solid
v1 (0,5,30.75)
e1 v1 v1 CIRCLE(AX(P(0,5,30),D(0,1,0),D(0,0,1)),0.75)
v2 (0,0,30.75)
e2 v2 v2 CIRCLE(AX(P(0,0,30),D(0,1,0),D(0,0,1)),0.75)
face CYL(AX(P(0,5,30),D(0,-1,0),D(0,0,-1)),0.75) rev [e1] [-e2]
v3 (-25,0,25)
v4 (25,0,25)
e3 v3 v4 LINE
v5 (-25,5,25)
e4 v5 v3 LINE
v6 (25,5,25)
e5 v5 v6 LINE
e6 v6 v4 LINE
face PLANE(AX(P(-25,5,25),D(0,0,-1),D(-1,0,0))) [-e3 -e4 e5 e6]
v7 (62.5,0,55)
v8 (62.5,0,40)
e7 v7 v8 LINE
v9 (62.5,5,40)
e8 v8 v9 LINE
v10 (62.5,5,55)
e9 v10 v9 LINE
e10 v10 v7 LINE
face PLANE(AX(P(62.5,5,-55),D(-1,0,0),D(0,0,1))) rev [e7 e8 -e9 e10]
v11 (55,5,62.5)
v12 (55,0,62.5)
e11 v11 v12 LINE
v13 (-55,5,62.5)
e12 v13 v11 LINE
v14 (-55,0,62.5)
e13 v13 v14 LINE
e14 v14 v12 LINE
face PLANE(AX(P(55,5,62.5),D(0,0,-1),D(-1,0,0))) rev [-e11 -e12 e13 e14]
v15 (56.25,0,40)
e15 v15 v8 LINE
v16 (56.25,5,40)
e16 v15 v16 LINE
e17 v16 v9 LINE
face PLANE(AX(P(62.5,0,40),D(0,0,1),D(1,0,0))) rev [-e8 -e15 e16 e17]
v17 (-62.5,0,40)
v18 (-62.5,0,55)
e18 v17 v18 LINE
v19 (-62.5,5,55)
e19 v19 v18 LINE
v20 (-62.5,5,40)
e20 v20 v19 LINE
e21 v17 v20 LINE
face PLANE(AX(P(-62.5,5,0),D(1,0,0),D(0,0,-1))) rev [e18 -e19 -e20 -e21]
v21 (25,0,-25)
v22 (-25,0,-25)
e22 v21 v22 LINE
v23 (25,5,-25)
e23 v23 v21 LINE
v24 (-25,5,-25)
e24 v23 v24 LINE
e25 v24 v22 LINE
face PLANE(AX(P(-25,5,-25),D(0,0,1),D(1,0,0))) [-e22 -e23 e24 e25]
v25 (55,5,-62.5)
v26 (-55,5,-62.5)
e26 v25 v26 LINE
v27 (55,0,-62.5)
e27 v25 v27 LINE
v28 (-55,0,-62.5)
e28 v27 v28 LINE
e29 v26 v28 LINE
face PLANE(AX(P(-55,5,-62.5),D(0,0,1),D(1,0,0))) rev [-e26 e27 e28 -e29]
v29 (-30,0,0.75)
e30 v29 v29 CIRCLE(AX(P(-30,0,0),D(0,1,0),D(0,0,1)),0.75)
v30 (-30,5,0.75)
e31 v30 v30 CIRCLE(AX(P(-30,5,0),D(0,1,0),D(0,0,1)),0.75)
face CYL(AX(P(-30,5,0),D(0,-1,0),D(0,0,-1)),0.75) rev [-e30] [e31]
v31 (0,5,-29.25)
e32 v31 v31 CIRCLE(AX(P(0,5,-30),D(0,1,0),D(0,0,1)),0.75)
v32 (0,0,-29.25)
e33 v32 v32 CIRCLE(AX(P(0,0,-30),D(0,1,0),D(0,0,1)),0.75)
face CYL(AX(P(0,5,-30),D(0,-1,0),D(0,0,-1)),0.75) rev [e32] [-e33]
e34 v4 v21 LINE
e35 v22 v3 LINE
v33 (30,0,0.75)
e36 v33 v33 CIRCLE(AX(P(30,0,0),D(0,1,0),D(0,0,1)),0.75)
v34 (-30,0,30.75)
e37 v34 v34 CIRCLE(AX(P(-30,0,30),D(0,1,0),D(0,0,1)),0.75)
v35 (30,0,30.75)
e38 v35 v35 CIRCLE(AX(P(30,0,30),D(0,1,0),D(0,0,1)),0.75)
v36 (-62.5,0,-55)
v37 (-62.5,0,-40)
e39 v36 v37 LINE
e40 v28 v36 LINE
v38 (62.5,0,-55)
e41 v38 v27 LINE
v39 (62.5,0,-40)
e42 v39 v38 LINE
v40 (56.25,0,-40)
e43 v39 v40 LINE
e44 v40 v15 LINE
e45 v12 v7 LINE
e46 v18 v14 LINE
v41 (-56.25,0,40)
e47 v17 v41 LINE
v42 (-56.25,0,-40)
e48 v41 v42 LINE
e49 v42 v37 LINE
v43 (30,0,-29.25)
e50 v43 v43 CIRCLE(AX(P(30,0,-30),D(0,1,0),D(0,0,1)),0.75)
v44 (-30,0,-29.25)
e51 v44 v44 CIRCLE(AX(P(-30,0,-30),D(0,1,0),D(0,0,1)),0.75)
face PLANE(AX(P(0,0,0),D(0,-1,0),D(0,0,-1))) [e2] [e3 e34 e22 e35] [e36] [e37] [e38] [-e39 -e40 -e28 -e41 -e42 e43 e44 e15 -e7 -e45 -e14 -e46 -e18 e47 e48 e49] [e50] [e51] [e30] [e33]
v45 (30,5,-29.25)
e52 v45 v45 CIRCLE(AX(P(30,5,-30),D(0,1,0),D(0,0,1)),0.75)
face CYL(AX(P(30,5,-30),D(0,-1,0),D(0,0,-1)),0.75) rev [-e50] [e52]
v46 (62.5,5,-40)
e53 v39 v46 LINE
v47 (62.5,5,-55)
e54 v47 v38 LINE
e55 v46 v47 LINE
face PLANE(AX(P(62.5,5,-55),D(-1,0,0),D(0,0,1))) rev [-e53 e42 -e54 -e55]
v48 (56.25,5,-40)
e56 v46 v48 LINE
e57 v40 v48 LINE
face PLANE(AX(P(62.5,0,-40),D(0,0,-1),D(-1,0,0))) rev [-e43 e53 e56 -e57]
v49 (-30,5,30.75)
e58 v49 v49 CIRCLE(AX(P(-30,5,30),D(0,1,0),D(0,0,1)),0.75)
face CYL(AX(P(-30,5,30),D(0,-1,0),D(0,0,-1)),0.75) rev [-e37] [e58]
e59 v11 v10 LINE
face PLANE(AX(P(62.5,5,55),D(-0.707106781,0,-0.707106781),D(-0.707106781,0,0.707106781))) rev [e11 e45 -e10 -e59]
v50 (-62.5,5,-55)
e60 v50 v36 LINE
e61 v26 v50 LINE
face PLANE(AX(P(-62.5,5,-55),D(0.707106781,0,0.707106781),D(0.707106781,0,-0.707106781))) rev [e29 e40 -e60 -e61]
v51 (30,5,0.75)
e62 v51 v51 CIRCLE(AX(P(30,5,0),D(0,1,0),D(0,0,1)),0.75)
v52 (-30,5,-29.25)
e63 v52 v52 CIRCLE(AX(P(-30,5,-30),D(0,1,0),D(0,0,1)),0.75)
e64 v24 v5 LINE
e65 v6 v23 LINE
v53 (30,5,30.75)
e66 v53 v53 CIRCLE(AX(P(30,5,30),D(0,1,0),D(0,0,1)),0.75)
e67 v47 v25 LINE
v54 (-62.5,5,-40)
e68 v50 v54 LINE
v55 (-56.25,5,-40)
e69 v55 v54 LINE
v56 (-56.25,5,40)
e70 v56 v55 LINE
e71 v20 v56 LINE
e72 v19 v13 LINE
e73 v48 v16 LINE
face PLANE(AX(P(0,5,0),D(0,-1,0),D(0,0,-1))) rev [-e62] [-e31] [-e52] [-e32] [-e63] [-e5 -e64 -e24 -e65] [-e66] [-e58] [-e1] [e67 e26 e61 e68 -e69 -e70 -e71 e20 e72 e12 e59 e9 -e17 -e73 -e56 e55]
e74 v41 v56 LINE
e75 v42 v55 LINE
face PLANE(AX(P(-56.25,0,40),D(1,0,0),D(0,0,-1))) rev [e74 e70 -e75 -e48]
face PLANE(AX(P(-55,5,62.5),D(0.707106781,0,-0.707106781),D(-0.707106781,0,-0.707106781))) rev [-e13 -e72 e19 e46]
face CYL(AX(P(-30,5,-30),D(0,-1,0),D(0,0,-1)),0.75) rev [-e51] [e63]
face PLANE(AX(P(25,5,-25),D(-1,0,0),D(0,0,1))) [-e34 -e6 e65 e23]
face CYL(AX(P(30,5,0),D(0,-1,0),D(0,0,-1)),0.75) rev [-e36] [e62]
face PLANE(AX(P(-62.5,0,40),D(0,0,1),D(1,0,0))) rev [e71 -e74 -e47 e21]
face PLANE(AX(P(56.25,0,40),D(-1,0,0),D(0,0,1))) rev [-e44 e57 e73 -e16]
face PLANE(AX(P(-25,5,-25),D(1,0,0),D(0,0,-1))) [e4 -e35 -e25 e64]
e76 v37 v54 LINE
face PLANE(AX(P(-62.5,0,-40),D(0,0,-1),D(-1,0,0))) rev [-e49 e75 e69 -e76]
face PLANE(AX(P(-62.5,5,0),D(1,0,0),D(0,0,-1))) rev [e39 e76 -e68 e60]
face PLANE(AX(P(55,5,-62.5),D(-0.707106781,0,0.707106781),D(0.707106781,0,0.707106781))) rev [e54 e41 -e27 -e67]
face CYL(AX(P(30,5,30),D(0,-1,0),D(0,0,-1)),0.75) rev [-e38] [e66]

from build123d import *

# Parameters (mm, degrees)
CROQUIS2_R              = 0.75
CROQUIS2_W              = 50
CROQUIS2_H              = 50
SALIENTE_EXTRUIR1_DEPTH = 5
CROQUIS3_W              = 6.25
CROQUIS3_H              = 80
CORTAR_EXTRUIR1_DEPTH   = 5


with BuildPart() as part:
    # Croquis2 → Saliente-Extruir1 (new body)
    with BuildSketch(Plane(origin=(0, 0, 0), x_dir=(1, 0, 0), z_dir=(0, 1, 0))):
        Polygon((-62.5, 0), (-62.5, 55), (-55, 62.5), (55, 62.5), (62.5, 55), (62.5, -55), (55, -62.5), (-55, -62.5), (-62.5, -55), align=None)
        with Locations(Location((30, 30, 0), (0, 0, 270))):
            Circle(CROQUIS2_R, mode=Mode.SUBTRACT)
        with Locations(Location((30, 0, 0), (0, 0, 270))):
            Circle(CROQUIS2_R, mode=Mode.SUBTRACT)
        with Locations(Location((30, -30, 0), (0, 0, 270))):
            Circle(CROQUIS2_R, mode=Mode.SUBTRACT)
        with Locations(Location((-30, -30, 0), (0, 0, 270))):
            Circle(CROQUIS2_R, mode=Mode.SUBTRACT)
        with Locations(Location((0, -30, 0), (0, 0, 270))):
            Circle(CROQUIS2_R, mode=Mode.SUBTRACT)
        with Locations(Location((-30, 0, 0), (0, 0, 270))):
            Circle(CROQUIS2_R, mode=Mode.SUBTRACT)
        with Locations(Location((-30, 30, 0), (0, 0, 270))):
            Circle(CROQUIS2_R, mode=Mode.SUBTRACT)
        with Locations(Location((0, 30, 0), (0, 0, 270))):
            Circle(CROQUIS2_R, mode=Mode.SUBTRACT)
        Rectangle(CROQUIS2_W, CROQUIS2_H, mode=Mode.SUBTRACT)
    extrude(amount=SALIENTE_EXTRUIR1_DEPTH)

    # Croquis3 → Cortar-Extruir1 (cut)
    with BuildSketch(Plane(origin=(0, 5, 0), x_dir=(1, 0, 0), z_dir=(0, 1, 0))):
        with Locations((59.375, 0)):
            Rectangle(CROQUIS3_W, CROQUIS3_H)
        with Locations((-59.375, 0)):
            Rectangle(CROQUIS3_W, CROQUIS3_H)
    extrude(amount=-CORTAR_EXTRUIR1_DEPTH, mode=Mode.SUBTRACT)


solid = part.part
